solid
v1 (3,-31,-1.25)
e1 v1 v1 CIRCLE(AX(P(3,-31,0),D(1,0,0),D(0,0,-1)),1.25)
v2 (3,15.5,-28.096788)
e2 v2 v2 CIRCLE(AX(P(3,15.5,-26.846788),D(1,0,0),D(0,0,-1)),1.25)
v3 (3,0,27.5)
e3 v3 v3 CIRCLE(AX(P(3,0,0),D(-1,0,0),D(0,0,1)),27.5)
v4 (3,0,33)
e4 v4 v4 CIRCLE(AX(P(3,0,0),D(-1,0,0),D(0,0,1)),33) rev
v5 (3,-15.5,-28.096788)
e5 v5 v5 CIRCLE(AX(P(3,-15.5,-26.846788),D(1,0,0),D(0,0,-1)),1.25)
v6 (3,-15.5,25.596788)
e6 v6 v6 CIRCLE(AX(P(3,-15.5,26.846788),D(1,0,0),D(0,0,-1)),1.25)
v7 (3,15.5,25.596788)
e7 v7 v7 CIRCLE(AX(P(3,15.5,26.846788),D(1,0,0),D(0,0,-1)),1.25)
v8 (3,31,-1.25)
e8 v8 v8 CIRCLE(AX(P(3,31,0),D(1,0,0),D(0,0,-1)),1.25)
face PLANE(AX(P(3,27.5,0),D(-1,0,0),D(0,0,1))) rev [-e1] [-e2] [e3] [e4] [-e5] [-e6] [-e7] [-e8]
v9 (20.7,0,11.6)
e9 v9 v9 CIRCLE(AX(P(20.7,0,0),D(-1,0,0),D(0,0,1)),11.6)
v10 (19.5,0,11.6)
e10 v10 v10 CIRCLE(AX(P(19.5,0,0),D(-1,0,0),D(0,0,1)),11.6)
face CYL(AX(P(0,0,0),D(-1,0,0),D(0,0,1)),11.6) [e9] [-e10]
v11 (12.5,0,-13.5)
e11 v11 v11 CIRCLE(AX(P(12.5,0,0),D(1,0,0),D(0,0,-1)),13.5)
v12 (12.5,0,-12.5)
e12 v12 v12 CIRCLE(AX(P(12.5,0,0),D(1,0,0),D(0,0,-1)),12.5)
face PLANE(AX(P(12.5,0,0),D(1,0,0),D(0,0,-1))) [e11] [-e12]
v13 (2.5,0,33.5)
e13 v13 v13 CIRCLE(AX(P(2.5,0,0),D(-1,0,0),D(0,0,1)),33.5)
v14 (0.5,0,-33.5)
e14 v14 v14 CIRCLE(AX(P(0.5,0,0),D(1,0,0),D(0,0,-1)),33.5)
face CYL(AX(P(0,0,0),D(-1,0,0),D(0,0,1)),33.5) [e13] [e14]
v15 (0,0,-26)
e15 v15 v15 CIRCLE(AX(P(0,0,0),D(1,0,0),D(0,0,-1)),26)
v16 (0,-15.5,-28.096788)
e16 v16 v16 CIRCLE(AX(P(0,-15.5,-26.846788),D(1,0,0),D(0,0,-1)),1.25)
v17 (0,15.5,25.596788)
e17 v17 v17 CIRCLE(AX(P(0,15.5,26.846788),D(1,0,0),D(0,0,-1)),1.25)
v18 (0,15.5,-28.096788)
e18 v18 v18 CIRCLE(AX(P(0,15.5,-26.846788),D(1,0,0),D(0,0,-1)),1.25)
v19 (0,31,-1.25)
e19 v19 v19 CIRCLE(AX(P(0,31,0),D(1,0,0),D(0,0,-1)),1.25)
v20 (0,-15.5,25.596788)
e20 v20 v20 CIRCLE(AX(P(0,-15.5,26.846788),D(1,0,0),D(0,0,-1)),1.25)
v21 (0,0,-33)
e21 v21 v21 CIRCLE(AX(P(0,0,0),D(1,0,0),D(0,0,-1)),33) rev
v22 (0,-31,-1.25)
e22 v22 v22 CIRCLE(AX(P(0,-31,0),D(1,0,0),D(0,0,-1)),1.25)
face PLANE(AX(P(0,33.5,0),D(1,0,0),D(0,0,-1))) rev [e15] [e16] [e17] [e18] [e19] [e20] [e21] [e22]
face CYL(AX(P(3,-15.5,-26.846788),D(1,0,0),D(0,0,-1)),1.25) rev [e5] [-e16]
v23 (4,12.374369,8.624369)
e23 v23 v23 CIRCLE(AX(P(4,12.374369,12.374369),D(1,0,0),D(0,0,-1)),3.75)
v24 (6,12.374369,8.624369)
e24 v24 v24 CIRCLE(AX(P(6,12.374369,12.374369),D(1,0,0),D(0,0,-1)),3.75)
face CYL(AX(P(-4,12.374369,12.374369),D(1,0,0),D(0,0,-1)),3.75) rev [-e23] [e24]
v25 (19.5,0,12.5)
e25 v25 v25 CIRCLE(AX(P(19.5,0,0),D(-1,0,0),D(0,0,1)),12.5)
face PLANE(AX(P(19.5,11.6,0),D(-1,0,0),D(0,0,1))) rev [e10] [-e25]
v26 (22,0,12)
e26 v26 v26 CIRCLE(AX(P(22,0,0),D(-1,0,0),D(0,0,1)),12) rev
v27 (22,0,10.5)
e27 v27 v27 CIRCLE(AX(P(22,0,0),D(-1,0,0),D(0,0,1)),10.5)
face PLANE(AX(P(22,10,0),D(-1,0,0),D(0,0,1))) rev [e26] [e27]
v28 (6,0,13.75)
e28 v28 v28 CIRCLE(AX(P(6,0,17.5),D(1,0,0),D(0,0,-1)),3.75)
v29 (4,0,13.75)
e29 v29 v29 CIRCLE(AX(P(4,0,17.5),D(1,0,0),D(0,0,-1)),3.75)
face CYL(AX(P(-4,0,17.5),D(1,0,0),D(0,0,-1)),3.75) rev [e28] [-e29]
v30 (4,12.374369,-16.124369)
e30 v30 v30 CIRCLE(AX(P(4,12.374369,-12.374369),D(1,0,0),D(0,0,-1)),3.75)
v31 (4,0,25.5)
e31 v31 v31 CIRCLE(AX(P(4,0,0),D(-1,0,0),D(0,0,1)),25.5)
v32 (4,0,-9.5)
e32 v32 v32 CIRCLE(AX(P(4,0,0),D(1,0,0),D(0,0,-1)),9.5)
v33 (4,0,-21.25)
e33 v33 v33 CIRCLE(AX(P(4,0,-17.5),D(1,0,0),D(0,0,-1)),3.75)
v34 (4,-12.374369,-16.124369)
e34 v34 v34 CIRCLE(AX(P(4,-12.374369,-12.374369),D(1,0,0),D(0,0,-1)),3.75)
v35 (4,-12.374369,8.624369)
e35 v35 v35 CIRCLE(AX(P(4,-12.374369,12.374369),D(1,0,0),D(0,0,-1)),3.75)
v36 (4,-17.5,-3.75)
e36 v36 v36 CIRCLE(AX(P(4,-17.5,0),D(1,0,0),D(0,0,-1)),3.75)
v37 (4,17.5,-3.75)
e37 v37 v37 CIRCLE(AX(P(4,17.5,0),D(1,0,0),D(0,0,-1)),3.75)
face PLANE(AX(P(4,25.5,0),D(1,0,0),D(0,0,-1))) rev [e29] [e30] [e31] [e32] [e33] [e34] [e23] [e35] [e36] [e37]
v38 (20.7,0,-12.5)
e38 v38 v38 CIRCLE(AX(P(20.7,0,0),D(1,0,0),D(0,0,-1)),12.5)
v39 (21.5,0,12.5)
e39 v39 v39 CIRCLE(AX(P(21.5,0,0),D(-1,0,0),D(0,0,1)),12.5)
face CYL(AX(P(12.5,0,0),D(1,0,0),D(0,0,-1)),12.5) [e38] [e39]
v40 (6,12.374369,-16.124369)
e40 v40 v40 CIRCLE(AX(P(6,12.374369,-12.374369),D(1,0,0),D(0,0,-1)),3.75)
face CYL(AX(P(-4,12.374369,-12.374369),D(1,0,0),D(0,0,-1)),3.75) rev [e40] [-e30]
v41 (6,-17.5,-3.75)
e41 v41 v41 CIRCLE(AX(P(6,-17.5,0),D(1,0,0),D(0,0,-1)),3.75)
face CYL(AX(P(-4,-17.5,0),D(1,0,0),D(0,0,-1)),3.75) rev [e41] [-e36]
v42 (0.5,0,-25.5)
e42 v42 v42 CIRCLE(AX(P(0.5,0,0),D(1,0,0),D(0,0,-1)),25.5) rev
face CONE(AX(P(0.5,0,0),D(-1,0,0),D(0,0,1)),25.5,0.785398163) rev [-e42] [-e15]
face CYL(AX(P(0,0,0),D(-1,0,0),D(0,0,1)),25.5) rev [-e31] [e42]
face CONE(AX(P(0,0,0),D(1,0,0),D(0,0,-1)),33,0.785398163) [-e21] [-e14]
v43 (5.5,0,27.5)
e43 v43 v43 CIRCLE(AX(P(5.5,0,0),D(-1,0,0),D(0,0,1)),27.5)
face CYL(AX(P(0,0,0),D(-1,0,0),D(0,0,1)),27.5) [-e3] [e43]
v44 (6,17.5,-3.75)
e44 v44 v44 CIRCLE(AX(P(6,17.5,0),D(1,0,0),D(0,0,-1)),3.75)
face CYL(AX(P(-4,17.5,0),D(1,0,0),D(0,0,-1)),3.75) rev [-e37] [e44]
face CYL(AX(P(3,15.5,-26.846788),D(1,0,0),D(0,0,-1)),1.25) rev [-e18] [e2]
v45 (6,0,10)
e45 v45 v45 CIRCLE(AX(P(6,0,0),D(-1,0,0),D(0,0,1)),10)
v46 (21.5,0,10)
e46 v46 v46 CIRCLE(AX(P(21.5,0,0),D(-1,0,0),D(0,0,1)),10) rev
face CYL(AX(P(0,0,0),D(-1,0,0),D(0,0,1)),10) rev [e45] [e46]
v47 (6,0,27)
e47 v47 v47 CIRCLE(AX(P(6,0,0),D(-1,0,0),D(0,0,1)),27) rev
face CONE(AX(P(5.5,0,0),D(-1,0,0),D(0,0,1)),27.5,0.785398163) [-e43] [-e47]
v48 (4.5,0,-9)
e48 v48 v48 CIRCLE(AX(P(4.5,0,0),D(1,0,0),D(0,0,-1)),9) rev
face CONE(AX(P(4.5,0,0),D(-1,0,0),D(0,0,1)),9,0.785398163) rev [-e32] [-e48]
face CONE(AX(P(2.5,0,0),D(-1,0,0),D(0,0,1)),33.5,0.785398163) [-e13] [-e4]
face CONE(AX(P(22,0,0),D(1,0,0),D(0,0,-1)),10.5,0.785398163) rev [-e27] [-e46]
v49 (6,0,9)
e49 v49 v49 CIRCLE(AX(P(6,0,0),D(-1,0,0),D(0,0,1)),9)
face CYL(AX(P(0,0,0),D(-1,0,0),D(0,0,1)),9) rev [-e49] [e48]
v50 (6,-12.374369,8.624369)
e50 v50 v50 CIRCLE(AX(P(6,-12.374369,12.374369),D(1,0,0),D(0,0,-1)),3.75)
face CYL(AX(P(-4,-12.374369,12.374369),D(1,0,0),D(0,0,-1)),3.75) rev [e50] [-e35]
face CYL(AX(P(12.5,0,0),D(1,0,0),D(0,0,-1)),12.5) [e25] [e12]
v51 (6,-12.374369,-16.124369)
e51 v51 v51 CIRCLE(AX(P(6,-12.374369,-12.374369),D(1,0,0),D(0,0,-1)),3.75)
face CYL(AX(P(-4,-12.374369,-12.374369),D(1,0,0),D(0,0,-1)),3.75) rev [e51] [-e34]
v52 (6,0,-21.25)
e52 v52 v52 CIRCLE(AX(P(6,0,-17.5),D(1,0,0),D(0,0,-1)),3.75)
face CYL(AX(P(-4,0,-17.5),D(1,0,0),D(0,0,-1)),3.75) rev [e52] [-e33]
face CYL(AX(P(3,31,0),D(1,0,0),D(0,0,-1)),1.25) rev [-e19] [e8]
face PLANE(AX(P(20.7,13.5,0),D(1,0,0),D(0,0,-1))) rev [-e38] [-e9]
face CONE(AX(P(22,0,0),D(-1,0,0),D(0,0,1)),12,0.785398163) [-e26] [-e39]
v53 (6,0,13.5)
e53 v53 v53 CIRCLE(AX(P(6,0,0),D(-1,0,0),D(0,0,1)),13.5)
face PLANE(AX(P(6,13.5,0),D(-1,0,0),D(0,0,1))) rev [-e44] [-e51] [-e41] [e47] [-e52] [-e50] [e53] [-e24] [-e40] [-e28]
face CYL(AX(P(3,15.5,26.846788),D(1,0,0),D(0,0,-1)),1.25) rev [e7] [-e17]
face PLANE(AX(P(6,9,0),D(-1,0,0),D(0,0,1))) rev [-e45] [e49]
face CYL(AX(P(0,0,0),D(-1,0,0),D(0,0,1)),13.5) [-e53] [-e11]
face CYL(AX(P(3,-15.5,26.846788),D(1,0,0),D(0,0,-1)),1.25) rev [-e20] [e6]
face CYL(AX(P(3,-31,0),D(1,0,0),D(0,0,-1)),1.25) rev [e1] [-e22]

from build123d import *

# Parameters (mm, degrees)
CHAMFER_1_SIZE           = 0.5
SKETCH_2_R               = 3.75
CUT_EXTRUDE_1_DEPTH      = 10
PATTERN_CIRCULAR_1_COUNT = 6
SKETCH_6_OUTSIDE_W       = 88.454
SKETCH_6_OUTSIDE_H       = 88.454
SKETCH_6_OUTSIDE_R       = 12.5
CUT_EXTRUDE_2_DEPTH      = 9.5
CHAMFER_2_SIZE           = 0.5


with BuildPart() as part:
    # 草图1 → 旋转1 (revolve)
    with BuildSketch(Plane.XY):
        Polygon((0, 33.5), (0, 25.5), (4, 25.5), (4, 9), (6, 9), (6, 10), (22, 10), (22, 13.5), (20.7, 13.5), (20.7, 11.6), (19.5, 11.6), (19.5, 13.5), (6, 13.5), (6, 27.5), (3, 27.5), (3, 33.5), align=None)
    revolve(axis=Axis((0, 0, 0), (1, 0, 0)))

    # 倒角1
    chamfer_1_edges = [part.edges().sort_by_distance(p)[0] for p in [
        (3, -33.5, 0),
        (6, -27.5, 0),
        (22, -13.5, 0),
        (22, -10, 0),
        (4, -9, 0),
        (0, -25.5, 0),
        (0, -33.5, 0),
    ]]
    chamfer(chamfer_1_edges, length=CHAMFER_1_SIZE)

    # 草图2 → 切除-拉伸1 (cut)
    with BuildSketch(Plane(origin=(6, 0, 0), x_dir=(0, 0, -1), z_dir=(1, 0, 0))):
        with Locations((0, -17.5)):
            Circle(SKETCH_2_R)
        with Locations((0, 17.5)):
            Circle(SKETCH_2_R)
        with Locations((12.374368671, 12.374368671)):
            Circle(SKETCH_2_R)
        with Locations((17.5, 0)):
            Circle(SKETCH_2_R)
        with Locations((12.374368671, -12.374368671)):
            Circle(SKETCH_2_R)
        with Locations((-12.374368671, -12.374368671)):
            Circle(SKETCH_2_R)
        with Locations((-17.5, 0)):
            Circle(SKETCH_2_R)
        with Locations((-12.374368671, 12.374368671)):
            Circle(SKETCH_2_R)
    extrude(amount=-CUT_EXTRUDE_1_DEPTH, mode=Mode.SUBTRACT)

    # 草图5 → M3 螺纹孔1 (revolve, cut)
    with BuildSketch(Plane(origin=(3, 31, 0), x_dir=(0, 0, -1), z_dir=(0, 1, 0))):
        Polygon((0, 0), (0, 8.251075774), (1.25, 7.5), (1.25, 0), align=None)
    hole_wizard_m3_1 = revolve(axis=Axis((9.35, 31, 0), (-1, 0, 0)), mode=Mode.SUBTRACT)

    # 阵列(圆周)1: M3 螺纹孔1 ×6 about axis
    pattern_circular_1_axis = Axis((0, 0, 0), (1, 0, 0))
    for i in range(1, PATTERN_CIRCULAR_1_COUNT):
        add(hole_wizard_m3_1.rotate(pattern_circular_1_axis, i * 360 / PATTERN_CIRCULAR_1_COUNT), mode=Mode.SUBTRACT)

    # 草图6 outside → 切除-拉伸2 (cut)
    with BuildSketch(Plane(origin=(22, 0, 0), x_dir=(0, 0, -1), z_dir=(1, 0, 0))):
        Rectangle(SKETCH_6_OUTSIDE_W, SKETCH_6_OUTSIDE_H)
        Circle(SKETCH_6_OUTSIDE_R, mode=Mode.SUBTRACT)
    extrude(amount=-CUT_EXTRUDE_2_DEPTH, mode=Mode.SUBTRACT)

    # 倒角2
    chamfer_2_edges = [part.edges().sort_by_distance(p)[0] for p in [
        (22, 0, 12.5),
    ]]
    chamfer(chamfer_2_edges, length=CHAMFER_2_SIZE)


solid = part.part
